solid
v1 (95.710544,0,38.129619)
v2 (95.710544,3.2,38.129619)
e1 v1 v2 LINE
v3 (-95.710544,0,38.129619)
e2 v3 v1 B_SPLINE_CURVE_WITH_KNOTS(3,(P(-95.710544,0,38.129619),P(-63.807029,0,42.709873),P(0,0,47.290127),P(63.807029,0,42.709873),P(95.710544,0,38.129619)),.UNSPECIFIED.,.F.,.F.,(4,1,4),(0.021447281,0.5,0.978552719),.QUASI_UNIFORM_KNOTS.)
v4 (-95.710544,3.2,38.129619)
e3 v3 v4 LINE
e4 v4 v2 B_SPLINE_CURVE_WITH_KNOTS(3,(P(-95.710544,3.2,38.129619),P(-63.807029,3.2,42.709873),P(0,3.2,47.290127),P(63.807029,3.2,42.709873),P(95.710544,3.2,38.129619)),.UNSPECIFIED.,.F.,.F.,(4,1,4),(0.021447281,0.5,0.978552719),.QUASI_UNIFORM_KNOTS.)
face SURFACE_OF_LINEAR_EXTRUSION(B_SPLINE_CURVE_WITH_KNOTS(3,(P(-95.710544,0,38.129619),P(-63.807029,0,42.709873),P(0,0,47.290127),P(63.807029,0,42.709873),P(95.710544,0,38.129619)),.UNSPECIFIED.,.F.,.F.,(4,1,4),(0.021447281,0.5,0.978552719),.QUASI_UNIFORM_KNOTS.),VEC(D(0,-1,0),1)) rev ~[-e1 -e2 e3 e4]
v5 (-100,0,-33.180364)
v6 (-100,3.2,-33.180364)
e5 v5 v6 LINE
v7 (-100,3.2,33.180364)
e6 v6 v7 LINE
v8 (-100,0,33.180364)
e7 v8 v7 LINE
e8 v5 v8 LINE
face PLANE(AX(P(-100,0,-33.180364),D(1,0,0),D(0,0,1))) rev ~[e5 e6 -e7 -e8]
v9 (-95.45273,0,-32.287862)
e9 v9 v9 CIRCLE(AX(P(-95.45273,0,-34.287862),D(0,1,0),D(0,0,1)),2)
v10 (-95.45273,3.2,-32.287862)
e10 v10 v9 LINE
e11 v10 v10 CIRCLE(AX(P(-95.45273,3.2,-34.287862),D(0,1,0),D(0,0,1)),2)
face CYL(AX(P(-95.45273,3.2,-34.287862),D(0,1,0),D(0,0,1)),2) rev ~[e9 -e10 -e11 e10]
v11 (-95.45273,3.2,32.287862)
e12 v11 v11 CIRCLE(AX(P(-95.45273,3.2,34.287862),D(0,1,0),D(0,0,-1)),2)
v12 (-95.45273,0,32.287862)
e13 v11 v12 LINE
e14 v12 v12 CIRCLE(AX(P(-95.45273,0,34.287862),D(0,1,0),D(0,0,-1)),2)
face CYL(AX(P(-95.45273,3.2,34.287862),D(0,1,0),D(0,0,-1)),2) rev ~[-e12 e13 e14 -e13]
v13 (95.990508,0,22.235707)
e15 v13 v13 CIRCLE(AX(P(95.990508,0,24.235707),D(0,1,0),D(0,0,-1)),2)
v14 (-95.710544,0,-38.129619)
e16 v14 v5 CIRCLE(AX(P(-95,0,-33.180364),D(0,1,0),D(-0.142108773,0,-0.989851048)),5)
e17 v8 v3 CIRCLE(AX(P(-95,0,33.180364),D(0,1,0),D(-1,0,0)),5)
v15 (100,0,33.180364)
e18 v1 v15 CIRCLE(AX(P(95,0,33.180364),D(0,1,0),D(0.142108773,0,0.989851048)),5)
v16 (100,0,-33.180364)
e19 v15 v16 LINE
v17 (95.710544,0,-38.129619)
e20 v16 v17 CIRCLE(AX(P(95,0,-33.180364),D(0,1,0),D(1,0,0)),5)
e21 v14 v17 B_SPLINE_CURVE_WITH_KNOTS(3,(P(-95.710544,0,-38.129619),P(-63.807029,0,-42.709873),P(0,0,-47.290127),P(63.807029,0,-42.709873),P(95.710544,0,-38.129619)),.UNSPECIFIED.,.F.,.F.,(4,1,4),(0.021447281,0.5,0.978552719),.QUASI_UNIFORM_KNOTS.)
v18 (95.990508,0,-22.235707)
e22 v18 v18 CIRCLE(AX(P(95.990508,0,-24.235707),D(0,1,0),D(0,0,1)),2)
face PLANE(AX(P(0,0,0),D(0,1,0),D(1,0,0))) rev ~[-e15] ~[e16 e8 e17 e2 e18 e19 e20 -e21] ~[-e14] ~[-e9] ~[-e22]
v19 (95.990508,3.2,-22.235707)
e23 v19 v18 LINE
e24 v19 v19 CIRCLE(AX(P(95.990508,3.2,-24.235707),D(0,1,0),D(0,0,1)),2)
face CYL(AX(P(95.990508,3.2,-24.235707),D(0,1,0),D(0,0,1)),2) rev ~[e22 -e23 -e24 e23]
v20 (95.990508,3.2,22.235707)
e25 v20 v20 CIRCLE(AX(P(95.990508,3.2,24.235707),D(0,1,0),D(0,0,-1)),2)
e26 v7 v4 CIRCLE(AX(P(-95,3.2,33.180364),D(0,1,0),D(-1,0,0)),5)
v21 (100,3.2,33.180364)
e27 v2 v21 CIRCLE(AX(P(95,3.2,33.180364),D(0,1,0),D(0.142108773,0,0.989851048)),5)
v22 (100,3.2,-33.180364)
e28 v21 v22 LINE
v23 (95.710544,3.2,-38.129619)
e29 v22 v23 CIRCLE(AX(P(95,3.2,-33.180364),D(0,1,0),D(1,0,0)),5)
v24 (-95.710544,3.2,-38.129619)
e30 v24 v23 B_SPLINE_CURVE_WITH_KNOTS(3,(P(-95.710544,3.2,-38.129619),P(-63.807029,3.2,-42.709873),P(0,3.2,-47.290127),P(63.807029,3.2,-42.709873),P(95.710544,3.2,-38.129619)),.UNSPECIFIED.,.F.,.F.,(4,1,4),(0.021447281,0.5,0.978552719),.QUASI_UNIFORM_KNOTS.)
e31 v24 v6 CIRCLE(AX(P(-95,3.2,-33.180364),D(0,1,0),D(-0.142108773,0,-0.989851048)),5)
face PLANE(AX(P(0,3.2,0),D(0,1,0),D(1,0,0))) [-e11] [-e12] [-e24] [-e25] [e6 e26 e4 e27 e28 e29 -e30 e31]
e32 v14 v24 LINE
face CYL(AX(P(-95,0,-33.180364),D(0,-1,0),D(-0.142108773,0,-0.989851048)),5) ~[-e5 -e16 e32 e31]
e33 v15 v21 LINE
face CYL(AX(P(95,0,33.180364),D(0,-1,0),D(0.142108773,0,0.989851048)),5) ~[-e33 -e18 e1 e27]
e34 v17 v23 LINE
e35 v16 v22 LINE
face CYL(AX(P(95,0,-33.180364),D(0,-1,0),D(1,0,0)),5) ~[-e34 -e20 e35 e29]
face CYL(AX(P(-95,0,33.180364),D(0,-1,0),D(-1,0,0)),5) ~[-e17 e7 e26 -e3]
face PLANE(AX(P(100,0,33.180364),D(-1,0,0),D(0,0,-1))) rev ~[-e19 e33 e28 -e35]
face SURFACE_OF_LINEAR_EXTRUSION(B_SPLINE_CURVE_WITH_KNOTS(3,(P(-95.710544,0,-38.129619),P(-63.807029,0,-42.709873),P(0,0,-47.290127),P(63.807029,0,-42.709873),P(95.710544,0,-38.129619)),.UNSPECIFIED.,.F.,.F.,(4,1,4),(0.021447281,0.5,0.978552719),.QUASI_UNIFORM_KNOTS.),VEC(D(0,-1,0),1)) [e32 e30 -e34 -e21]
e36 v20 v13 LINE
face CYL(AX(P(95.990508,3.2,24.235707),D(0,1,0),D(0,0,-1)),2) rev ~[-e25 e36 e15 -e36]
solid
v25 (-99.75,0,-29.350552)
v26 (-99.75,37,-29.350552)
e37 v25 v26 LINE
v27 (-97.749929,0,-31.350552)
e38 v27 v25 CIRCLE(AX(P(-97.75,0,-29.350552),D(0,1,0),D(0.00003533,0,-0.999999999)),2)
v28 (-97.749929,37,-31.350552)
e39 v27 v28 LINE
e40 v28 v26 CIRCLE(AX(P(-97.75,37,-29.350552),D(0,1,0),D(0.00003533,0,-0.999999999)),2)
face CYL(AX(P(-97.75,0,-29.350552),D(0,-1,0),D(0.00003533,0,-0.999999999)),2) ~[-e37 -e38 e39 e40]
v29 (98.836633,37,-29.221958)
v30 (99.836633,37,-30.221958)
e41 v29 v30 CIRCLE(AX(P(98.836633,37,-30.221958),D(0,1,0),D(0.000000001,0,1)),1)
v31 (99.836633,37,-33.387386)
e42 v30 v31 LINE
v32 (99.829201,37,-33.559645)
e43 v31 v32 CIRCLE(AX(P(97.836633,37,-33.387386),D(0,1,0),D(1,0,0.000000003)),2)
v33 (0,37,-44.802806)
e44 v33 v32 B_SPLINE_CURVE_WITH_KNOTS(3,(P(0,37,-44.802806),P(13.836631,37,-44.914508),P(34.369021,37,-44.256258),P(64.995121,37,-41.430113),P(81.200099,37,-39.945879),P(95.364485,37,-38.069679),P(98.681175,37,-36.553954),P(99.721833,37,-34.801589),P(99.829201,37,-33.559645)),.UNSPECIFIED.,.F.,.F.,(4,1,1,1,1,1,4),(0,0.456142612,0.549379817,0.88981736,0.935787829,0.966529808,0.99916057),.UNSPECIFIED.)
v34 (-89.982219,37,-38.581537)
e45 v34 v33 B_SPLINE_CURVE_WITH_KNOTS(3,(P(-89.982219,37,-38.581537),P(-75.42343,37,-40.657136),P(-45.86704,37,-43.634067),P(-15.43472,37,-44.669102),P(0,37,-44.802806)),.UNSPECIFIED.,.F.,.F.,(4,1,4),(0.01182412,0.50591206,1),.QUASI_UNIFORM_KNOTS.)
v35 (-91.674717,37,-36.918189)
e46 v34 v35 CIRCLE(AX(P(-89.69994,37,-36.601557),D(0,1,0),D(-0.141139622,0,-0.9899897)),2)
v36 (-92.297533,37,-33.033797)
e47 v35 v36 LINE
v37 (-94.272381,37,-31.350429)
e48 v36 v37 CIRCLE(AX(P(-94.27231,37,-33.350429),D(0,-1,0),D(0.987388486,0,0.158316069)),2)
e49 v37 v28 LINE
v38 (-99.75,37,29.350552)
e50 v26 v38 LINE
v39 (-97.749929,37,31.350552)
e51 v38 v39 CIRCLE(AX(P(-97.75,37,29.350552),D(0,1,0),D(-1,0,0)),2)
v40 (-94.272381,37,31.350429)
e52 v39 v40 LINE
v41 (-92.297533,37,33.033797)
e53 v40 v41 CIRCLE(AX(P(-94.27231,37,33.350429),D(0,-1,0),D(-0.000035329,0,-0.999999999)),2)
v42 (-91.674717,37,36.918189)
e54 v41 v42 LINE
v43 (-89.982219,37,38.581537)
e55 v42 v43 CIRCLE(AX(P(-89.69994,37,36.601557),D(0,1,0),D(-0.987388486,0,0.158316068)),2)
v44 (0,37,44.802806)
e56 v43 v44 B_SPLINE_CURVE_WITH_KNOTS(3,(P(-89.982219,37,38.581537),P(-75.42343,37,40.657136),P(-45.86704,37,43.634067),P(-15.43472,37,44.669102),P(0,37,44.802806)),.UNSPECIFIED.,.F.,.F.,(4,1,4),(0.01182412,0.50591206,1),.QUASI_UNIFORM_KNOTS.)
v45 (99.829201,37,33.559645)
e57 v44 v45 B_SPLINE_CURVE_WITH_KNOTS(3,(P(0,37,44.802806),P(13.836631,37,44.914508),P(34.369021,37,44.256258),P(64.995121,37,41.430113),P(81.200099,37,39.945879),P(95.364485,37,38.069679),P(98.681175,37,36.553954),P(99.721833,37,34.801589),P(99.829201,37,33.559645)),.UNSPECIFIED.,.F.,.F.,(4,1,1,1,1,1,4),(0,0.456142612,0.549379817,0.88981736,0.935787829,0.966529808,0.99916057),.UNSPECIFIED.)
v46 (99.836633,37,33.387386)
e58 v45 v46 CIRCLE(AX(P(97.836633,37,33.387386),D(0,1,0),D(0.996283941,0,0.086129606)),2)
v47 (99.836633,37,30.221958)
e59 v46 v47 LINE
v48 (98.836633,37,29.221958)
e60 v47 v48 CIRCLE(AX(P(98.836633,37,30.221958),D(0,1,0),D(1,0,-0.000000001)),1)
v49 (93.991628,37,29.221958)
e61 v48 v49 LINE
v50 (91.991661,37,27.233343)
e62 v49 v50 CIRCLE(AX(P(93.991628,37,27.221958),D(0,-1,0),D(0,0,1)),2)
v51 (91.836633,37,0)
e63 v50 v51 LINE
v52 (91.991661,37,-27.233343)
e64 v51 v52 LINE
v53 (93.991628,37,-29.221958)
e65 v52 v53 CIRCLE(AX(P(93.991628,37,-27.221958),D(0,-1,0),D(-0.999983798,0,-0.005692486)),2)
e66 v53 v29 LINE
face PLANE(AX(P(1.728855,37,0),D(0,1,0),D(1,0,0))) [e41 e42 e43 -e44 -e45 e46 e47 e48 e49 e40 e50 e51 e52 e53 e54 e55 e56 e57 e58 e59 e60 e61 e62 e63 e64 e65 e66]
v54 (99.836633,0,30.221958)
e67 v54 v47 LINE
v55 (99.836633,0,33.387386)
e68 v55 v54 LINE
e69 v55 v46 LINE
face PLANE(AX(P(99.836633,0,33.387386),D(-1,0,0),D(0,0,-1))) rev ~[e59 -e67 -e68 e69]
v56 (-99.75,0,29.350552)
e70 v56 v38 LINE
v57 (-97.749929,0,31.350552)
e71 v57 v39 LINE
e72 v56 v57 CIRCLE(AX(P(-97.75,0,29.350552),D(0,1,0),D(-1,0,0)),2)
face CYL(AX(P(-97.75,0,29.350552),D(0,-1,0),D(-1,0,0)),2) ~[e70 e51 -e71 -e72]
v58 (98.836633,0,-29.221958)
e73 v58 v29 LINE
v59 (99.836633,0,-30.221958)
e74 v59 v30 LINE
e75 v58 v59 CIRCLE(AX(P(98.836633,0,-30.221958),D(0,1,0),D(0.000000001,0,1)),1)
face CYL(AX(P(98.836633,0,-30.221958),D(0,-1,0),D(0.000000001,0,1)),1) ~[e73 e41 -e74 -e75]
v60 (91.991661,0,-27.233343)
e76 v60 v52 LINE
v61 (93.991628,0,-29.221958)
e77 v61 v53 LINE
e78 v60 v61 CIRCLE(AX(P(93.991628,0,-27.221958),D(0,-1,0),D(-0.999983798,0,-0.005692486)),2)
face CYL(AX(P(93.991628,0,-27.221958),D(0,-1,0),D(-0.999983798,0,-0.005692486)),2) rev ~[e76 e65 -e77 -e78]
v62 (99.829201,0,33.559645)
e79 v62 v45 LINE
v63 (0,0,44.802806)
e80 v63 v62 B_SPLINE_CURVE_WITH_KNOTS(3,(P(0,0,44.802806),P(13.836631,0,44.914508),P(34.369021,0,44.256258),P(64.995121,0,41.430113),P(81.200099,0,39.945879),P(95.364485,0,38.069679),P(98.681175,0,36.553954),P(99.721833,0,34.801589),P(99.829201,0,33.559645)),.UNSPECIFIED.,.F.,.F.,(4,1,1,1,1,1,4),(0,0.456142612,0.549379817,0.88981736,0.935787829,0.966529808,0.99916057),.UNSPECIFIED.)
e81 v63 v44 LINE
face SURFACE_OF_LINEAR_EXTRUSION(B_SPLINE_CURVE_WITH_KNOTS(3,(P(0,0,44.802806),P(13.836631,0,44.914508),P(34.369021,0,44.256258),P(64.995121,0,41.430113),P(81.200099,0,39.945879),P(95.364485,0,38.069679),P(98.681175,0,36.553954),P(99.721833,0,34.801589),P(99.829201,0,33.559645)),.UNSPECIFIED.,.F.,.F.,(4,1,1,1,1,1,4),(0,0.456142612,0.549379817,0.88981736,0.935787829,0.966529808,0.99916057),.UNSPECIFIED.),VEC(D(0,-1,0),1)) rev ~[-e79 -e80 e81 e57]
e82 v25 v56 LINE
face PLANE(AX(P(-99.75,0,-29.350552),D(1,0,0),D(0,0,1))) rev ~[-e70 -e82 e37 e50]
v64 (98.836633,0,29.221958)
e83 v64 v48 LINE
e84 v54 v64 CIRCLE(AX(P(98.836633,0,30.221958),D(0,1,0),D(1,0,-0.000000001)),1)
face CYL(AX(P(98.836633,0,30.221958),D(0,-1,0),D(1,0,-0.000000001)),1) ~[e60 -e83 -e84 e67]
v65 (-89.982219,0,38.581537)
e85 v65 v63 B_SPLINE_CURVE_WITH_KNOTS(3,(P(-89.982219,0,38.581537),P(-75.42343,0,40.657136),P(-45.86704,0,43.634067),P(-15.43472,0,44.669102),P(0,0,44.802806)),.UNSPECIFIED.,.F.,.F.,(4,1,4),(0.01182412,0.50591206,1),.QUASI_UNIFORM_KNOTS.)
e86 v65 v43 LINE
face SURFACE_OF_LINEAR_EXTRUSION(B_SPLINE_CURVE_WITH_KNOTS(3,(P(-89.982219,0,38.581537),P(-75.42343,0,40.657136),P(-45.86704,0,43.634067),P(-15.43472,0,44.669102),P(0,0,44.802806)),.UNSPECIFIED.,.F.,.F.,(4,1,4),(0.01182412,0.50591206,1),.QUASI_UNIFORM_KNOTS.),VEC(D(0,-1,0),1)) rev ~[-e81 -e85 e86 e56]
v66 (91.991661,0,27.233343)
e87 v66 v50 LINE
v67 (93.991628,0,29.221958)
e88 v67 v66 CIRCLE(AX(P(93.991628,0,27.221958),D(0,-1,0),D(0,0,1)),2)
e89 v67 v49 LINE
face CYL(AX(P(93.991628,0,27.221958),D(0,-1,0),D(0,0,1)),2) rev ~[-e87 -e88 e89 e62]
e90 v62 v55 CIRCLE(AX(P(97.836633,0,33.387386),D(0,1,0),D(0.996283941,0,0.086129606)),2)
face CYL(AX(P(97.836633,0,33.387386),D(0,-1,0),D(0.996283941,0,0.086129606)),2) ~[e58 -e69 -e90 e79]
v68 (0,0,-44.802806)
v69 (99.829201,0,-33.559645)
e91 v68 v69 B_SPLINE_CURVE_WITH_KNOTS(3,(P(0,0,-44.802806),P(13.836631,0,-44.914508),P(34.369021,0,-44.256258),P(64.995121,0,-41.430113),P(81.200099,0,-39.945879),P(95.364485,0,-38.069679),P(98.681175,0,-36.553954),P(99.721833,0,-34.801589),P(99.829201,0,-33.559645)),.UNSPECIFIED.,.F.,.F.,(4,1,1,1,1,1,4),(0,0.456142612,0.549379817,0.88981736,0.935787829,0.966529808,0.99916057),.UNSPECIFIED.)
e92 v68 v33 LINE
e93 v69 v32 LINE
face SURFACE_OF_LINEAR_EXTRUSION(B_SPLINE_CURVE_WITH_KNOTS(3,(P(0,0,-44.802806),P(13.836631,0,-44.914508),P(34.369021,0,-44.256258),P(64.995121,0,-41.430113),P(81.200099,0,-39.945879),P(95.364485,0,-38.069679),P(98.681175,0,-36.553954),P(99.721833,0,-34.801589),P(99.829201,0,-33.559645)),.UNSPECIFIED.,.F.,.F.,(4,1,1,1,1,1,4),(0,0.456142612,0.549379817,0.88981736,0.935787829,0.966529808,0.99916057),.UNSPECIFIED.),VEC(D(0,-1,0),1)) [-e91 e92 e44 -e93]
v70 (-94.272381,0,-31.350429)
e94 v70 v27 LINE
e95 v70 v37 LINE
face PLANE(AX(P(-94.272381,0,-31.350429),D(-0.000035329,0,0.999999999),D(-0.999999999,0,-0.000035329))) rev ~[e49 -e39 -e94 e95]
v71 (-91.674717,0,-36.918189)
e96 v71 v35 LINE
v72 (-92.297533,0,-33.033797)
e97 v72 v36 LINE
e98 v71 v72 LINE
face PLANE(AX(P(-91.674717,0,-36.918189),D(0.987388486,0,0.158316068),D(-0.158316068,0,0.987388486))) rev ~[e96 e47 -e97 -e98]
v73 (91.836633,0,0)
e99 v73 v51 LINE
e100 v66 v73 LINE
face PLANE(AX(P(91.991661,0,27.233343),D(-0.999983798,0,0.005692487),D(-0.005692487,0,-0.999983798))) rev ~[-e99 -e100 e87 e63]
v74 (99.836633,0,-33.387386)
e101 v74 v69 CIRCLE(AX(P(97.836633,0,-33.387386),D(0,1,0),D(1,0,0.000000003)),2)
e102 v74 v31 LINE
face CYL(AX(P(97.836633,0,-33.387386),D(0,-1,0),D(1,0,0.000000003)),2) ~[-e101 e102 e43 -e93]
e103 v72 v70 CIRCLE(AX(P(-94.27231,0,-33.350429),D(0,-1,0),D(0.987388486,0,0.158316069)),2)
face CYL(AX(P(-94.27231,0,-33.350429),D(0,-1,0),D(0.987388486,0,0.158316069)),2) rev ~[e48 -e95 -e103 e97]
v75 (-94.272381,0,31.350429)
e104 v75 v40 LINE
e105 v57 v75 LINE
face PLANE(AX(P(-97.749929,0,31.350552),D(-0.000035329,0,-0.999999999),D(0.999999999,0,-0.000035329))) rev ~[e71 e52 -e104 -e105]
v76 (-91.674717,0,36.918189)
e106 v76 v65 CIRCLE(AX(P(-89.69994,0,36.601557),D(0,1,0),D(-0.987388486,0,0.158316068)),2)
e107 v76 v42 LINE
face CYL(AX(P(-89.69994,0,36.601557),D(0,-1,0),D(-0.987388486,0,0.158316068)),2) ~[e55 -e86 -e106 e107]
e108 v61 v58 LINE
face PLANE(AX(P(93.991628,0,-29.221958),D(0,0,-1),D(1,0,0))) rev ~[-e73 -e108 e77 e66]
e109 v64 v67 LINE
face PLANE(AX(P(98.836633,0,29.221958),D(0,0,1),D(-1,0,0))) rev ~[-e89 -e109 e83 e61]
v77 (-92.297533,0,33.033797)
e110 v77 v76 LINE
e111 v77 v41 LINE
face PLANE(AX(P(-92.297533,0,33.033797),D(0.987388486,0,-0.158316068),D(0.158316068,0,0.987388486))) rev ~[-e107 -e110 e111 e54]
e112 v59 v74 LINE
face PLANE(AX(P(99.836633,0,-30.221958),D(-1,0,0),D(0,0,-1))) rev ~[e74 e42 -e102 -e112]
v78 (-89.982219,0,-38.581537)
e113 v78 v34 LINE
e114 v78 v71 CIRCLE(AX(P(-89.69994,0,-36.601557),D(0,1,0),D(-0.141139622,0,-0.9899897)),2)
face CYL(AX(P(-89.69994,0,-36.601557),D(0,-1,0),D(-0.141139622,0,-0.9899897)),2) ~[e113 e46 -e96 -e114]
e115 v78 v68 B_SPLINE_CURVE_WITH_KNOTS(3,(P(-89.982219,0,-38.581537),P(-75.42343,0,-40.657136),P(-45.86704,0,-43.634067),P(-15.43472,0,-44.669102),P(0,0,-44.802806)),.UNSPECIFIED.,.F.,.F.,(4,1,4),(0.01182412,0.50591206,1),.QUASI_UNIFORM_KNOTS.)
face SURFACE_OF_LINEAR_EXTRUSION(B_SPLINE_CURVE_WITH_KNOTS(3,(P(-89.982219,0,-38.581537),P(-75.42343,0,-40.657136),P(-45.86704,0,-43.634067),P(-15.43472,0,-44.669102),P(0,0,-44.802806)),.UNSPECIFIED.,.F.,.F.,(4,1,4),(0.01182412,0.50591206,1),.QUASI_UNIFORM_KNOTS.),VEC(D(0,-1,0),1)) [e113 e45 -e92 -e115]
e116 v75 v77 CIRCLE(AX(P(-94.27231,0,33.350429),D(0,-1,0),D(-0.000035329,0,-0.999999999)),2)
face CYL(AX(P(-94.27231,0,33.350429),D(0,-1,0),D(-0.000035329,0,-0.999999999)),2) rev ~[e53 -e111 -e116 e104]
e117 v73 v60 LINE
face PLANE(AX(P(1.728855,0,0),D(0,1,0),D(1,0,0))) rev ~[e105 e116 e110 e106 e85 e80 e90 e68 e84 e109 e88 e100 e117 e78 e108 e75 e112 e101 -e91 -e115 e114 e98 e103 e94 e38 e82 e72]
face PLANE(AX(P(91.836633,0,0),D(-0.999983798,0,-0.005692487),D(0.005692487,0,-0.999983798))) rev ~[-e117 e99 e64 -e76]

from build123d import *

# Parameters (mm, degrees)
BOSS_EXTRUDE1_DEPTH = 3.2
BOSS_EXTRUDE2_DEPTH = 37
SKETCH5_R           = 2
CUT_EXTRUDE1_DEPTH  = 115.749466386


with BuildPart() as part:
    # Sketch1 → Boss-Extrude1 (new body)
    with BuildSketch(Plane(origin=(0, 0, 0), x_dir=(1, 0, 0), z_dir=(0, 1, 0))):
        with BuildLine():
            Line((-100, 33.180363606), (-100, -33.180363606))
            ThreePointArc((-100, -33.180363606), (-98.778407027, -36.45506059), (-95.710543866, -38.129618845))
            add(Edge.make_bspline(
                [(-95.710543866, -38.129618845), (-63.807029244, -42.709872948), (0, -47.290127052), (63.807029244, -42.709872948), (95.710543866, -38.129618845)],
                knots=[0.021447281, 0.021447281, 0.021447281, 0.021447281, 0.5, 0.978552719, 0.978552719, 0.978552719, 0.978552719], degree=3))
            ThreePointArc((95.710543866, -38.129618845), (98.778407027, -36.45506059), (100, -33.180363606))
            Line((100, -33.180363606), (100, 33.180363606))
            ThreePointArc((100, 33.180363606), (98.778407027, 36.45506059), (95.710543866, 38.129618845))
            add(Edge.make_bspline(
                [(-95.710543866, 38.129618845), (-63.807029244, 42.709872948), (0, 47.290127052), (63.807029244, 42.709872948), (95.710543866, 38.129618845)],
                knots=[0.021447281, 0.021447281, 0.021447281, 0.021447281, 0.5, 0.978552719, 0.978552719, 0.978552719, 0.978552719], degree=3))
            ThreePointArc((-95.710543866, 38.129618845), (-98.778407027, 36.45506059), (-100, 33.180363606))
        make_face()
    extrude(amount=BOSS_EXTRUDE1_DEPTH)

    # Sketch5 → Cut-Extrude1 (cut, through all)
    with BuildSketch(Plane(origin=(0, 3.2, 0), x_dir=(1, 0, 0), z_dir=(0, 1, 0))):
        with Locations(Location((-95.452729766, 34.287861844, 0), (0, 0, 270))):
            Circle(SKETCH5_R)
        with Locations(Location((-95.452729766, -34.287861844, 0), (0, 0, 90))):
            Circle(SKETCH5_R)
        with Locations(Location((95.99050817, 24.235706528, 0), (0, 0, 270))):
            Circle(SKETCH5_R)
        with Locations(Location((95.99050817, -24.235706528, 0), (0, 0, 90))):
            Circle(SKETCH5_R)
    extrude(amount=-CUT_EXTRUDE1_DEPTH, mode=Mode.SUBTRACT)


with BuildPart() as body_2:
    # Sketch4 → Boss-Extrude2 (new body)
    with BuildSketch(Plane(origin=(0, 0, 0), x_dir=(1, 0, 0), z_dir=(0, 1, 0))):
        with BuildLine():
            Line((99.836632729, -33.387386203), (99.836632729, -30.42884553))
            Line((99.836632729, -30.42884553), (99.836632729, -30.221958284))
            ThreePointArc((99.836632729, -30.221958284), (99.54373951, -29.514851503), (98.836632729, -29.221958284))
            Line((98.836632729, -29.221958284), (93.991628276, -29.221958284))
            ThreePointArc((93.991628276, -29.221958284), (92.581445654, -28.64019133), (91.991660681, -27.233343257))
            Line((91.991660681, -27.233343257), (91.836632729, 0))
            Line((91.836632729, 0), (91.991660681, 27.233343257))
            ThreePointArc((91.991660681, 27.233343257), (92.581445654, 28.64019133), (93.991628276, 29.221958284))
            Line((93.991628276, 29.221958284), (98.836632729, 29.221958284))
            ThreePointArc((98.836632729, 29.221958284), (99.54373951, 29.514851503), (99.836632729, 30.221958284))
            Line((99.836632729, 30.221958284), (99.836632729, 30.42884553))
            Line((99.836632729, 30.42884553), (99.836632729, 33.387386203))
            ThreePointArc((99.836632729, 33.387386203), (99.834773836, 33.473595926), (99.829200612, 33.559645394))
            add(Edge.make_bspline(
                [(0, 44.802805821), (13.836630515, 44.914508245), (34.369021475, 44.256257564), (64.995120664, 41.430112577), (81.200098897, 39.945879291), (95.364485464, 38.069678587), (98.681175098, 36.553953762), (99.721833489, 34.801589465), (99.829200612, 33.559645394)],
                knots=[0, 0, 0, 0, 0.456142612, 0.549379817, 0.88981736, 0.935787829, 0.966529808, 0.99916057, 0.99916057, 0.99916057, 0.99916057], degree=3))
            add(Edge.make_bspline(
                [(-89.982219157, 38.581536757), (-75.42343033, 40.657136076), (-45.867040318, 43.63406662), (-15.434719566, 44.669101832), (0, 44.802805821)],
                knots=[0.01182412, 0.01182412, 0.01182412, 0.01182412, 0.50591206, 1, 1, 1, 1], degree=3))
            ThreePointArc((-89.982219157, 38.581536757), (-91.101816056, 38.028001634), (-91.674716885, 36.918189492))
            Line((-91.674716885, 36.918189492), (-92.297533234, 33.033797351))
            ThreePointArc((-92.297533234, 33.033797351), (-92.974890422, 31.828357905), (-94.272380865, 31.350429489))
            Line((-94.272380865, 31.350429489), (-97.749929341, 31.350552349))
            ThreePointArc((-97.749929341, 31.350552349), (-99.16418858, 30.764790895), (-99.75, 29.350552351))
            Line((-99.75, 29.350552351), (-99.75, -29.350552351))
            ThreePointArc((-99.75, -29.350552351), (-99.16418858, -30.764790895), (-97.749929341, -31.350552349))
            Line((-97.749929341, -31.350552349), (-94.272380865, -31.350429489))
            ThreePointArc((-94.272380865, -31.350429489), (-92.974890422, -31.828357905), (-92.297533234, -33.033797351))
            Line((-92.297533234, -33.033797351), (-91.674716885, -36.918189492))
            ThreePointArc((-91.674716885, -36.918189492), (-91.101816056, -38.028001634), (-89.982219157, -38.581536757))
            add(Edge.make_bspline(
                [(-89.982219157, -38.581536757), (-75.42343033, -40.657136076), (-45.867040318, -43.63406662), (-15.434719566, -44.669101832), (0, -44.802805821)],
                knots=[0.01182412, 0.01182412, 0.01182412, 0.01182412, 0.50591206, 1, 1, 1, 1], degree=3))
            add(Edge.make_bspline(
                [(0, -44.802805821), (13.836630515, -44.914508245), (34.369021475, -44.256257564), (64.995120664, -41.430112577), (81.200098897, -39.945879291), (95.364485464, -38.069678587), (98.681175098, -36.553953762), (99.721833489, -34.801589465), (99.829200612, -33.559645394)],
                knots=[0, 0, 0, 0, 0.456142612, 0.549379817, 0.88981736, 0.935787829, 0.966529808, 0.99916057, 0.99916057, 0.99916057, 0.99916057], degree=3))
            ThreePointArc((99.829200612, -33.559645394), (99.834773836, -33.473595926), (99.836632729, -33.387386203))
        make_face()
    extrude(amount=BOSS_EXTRUDE2_DEPTH)


solid = Compound([part.part, body_2.part])
